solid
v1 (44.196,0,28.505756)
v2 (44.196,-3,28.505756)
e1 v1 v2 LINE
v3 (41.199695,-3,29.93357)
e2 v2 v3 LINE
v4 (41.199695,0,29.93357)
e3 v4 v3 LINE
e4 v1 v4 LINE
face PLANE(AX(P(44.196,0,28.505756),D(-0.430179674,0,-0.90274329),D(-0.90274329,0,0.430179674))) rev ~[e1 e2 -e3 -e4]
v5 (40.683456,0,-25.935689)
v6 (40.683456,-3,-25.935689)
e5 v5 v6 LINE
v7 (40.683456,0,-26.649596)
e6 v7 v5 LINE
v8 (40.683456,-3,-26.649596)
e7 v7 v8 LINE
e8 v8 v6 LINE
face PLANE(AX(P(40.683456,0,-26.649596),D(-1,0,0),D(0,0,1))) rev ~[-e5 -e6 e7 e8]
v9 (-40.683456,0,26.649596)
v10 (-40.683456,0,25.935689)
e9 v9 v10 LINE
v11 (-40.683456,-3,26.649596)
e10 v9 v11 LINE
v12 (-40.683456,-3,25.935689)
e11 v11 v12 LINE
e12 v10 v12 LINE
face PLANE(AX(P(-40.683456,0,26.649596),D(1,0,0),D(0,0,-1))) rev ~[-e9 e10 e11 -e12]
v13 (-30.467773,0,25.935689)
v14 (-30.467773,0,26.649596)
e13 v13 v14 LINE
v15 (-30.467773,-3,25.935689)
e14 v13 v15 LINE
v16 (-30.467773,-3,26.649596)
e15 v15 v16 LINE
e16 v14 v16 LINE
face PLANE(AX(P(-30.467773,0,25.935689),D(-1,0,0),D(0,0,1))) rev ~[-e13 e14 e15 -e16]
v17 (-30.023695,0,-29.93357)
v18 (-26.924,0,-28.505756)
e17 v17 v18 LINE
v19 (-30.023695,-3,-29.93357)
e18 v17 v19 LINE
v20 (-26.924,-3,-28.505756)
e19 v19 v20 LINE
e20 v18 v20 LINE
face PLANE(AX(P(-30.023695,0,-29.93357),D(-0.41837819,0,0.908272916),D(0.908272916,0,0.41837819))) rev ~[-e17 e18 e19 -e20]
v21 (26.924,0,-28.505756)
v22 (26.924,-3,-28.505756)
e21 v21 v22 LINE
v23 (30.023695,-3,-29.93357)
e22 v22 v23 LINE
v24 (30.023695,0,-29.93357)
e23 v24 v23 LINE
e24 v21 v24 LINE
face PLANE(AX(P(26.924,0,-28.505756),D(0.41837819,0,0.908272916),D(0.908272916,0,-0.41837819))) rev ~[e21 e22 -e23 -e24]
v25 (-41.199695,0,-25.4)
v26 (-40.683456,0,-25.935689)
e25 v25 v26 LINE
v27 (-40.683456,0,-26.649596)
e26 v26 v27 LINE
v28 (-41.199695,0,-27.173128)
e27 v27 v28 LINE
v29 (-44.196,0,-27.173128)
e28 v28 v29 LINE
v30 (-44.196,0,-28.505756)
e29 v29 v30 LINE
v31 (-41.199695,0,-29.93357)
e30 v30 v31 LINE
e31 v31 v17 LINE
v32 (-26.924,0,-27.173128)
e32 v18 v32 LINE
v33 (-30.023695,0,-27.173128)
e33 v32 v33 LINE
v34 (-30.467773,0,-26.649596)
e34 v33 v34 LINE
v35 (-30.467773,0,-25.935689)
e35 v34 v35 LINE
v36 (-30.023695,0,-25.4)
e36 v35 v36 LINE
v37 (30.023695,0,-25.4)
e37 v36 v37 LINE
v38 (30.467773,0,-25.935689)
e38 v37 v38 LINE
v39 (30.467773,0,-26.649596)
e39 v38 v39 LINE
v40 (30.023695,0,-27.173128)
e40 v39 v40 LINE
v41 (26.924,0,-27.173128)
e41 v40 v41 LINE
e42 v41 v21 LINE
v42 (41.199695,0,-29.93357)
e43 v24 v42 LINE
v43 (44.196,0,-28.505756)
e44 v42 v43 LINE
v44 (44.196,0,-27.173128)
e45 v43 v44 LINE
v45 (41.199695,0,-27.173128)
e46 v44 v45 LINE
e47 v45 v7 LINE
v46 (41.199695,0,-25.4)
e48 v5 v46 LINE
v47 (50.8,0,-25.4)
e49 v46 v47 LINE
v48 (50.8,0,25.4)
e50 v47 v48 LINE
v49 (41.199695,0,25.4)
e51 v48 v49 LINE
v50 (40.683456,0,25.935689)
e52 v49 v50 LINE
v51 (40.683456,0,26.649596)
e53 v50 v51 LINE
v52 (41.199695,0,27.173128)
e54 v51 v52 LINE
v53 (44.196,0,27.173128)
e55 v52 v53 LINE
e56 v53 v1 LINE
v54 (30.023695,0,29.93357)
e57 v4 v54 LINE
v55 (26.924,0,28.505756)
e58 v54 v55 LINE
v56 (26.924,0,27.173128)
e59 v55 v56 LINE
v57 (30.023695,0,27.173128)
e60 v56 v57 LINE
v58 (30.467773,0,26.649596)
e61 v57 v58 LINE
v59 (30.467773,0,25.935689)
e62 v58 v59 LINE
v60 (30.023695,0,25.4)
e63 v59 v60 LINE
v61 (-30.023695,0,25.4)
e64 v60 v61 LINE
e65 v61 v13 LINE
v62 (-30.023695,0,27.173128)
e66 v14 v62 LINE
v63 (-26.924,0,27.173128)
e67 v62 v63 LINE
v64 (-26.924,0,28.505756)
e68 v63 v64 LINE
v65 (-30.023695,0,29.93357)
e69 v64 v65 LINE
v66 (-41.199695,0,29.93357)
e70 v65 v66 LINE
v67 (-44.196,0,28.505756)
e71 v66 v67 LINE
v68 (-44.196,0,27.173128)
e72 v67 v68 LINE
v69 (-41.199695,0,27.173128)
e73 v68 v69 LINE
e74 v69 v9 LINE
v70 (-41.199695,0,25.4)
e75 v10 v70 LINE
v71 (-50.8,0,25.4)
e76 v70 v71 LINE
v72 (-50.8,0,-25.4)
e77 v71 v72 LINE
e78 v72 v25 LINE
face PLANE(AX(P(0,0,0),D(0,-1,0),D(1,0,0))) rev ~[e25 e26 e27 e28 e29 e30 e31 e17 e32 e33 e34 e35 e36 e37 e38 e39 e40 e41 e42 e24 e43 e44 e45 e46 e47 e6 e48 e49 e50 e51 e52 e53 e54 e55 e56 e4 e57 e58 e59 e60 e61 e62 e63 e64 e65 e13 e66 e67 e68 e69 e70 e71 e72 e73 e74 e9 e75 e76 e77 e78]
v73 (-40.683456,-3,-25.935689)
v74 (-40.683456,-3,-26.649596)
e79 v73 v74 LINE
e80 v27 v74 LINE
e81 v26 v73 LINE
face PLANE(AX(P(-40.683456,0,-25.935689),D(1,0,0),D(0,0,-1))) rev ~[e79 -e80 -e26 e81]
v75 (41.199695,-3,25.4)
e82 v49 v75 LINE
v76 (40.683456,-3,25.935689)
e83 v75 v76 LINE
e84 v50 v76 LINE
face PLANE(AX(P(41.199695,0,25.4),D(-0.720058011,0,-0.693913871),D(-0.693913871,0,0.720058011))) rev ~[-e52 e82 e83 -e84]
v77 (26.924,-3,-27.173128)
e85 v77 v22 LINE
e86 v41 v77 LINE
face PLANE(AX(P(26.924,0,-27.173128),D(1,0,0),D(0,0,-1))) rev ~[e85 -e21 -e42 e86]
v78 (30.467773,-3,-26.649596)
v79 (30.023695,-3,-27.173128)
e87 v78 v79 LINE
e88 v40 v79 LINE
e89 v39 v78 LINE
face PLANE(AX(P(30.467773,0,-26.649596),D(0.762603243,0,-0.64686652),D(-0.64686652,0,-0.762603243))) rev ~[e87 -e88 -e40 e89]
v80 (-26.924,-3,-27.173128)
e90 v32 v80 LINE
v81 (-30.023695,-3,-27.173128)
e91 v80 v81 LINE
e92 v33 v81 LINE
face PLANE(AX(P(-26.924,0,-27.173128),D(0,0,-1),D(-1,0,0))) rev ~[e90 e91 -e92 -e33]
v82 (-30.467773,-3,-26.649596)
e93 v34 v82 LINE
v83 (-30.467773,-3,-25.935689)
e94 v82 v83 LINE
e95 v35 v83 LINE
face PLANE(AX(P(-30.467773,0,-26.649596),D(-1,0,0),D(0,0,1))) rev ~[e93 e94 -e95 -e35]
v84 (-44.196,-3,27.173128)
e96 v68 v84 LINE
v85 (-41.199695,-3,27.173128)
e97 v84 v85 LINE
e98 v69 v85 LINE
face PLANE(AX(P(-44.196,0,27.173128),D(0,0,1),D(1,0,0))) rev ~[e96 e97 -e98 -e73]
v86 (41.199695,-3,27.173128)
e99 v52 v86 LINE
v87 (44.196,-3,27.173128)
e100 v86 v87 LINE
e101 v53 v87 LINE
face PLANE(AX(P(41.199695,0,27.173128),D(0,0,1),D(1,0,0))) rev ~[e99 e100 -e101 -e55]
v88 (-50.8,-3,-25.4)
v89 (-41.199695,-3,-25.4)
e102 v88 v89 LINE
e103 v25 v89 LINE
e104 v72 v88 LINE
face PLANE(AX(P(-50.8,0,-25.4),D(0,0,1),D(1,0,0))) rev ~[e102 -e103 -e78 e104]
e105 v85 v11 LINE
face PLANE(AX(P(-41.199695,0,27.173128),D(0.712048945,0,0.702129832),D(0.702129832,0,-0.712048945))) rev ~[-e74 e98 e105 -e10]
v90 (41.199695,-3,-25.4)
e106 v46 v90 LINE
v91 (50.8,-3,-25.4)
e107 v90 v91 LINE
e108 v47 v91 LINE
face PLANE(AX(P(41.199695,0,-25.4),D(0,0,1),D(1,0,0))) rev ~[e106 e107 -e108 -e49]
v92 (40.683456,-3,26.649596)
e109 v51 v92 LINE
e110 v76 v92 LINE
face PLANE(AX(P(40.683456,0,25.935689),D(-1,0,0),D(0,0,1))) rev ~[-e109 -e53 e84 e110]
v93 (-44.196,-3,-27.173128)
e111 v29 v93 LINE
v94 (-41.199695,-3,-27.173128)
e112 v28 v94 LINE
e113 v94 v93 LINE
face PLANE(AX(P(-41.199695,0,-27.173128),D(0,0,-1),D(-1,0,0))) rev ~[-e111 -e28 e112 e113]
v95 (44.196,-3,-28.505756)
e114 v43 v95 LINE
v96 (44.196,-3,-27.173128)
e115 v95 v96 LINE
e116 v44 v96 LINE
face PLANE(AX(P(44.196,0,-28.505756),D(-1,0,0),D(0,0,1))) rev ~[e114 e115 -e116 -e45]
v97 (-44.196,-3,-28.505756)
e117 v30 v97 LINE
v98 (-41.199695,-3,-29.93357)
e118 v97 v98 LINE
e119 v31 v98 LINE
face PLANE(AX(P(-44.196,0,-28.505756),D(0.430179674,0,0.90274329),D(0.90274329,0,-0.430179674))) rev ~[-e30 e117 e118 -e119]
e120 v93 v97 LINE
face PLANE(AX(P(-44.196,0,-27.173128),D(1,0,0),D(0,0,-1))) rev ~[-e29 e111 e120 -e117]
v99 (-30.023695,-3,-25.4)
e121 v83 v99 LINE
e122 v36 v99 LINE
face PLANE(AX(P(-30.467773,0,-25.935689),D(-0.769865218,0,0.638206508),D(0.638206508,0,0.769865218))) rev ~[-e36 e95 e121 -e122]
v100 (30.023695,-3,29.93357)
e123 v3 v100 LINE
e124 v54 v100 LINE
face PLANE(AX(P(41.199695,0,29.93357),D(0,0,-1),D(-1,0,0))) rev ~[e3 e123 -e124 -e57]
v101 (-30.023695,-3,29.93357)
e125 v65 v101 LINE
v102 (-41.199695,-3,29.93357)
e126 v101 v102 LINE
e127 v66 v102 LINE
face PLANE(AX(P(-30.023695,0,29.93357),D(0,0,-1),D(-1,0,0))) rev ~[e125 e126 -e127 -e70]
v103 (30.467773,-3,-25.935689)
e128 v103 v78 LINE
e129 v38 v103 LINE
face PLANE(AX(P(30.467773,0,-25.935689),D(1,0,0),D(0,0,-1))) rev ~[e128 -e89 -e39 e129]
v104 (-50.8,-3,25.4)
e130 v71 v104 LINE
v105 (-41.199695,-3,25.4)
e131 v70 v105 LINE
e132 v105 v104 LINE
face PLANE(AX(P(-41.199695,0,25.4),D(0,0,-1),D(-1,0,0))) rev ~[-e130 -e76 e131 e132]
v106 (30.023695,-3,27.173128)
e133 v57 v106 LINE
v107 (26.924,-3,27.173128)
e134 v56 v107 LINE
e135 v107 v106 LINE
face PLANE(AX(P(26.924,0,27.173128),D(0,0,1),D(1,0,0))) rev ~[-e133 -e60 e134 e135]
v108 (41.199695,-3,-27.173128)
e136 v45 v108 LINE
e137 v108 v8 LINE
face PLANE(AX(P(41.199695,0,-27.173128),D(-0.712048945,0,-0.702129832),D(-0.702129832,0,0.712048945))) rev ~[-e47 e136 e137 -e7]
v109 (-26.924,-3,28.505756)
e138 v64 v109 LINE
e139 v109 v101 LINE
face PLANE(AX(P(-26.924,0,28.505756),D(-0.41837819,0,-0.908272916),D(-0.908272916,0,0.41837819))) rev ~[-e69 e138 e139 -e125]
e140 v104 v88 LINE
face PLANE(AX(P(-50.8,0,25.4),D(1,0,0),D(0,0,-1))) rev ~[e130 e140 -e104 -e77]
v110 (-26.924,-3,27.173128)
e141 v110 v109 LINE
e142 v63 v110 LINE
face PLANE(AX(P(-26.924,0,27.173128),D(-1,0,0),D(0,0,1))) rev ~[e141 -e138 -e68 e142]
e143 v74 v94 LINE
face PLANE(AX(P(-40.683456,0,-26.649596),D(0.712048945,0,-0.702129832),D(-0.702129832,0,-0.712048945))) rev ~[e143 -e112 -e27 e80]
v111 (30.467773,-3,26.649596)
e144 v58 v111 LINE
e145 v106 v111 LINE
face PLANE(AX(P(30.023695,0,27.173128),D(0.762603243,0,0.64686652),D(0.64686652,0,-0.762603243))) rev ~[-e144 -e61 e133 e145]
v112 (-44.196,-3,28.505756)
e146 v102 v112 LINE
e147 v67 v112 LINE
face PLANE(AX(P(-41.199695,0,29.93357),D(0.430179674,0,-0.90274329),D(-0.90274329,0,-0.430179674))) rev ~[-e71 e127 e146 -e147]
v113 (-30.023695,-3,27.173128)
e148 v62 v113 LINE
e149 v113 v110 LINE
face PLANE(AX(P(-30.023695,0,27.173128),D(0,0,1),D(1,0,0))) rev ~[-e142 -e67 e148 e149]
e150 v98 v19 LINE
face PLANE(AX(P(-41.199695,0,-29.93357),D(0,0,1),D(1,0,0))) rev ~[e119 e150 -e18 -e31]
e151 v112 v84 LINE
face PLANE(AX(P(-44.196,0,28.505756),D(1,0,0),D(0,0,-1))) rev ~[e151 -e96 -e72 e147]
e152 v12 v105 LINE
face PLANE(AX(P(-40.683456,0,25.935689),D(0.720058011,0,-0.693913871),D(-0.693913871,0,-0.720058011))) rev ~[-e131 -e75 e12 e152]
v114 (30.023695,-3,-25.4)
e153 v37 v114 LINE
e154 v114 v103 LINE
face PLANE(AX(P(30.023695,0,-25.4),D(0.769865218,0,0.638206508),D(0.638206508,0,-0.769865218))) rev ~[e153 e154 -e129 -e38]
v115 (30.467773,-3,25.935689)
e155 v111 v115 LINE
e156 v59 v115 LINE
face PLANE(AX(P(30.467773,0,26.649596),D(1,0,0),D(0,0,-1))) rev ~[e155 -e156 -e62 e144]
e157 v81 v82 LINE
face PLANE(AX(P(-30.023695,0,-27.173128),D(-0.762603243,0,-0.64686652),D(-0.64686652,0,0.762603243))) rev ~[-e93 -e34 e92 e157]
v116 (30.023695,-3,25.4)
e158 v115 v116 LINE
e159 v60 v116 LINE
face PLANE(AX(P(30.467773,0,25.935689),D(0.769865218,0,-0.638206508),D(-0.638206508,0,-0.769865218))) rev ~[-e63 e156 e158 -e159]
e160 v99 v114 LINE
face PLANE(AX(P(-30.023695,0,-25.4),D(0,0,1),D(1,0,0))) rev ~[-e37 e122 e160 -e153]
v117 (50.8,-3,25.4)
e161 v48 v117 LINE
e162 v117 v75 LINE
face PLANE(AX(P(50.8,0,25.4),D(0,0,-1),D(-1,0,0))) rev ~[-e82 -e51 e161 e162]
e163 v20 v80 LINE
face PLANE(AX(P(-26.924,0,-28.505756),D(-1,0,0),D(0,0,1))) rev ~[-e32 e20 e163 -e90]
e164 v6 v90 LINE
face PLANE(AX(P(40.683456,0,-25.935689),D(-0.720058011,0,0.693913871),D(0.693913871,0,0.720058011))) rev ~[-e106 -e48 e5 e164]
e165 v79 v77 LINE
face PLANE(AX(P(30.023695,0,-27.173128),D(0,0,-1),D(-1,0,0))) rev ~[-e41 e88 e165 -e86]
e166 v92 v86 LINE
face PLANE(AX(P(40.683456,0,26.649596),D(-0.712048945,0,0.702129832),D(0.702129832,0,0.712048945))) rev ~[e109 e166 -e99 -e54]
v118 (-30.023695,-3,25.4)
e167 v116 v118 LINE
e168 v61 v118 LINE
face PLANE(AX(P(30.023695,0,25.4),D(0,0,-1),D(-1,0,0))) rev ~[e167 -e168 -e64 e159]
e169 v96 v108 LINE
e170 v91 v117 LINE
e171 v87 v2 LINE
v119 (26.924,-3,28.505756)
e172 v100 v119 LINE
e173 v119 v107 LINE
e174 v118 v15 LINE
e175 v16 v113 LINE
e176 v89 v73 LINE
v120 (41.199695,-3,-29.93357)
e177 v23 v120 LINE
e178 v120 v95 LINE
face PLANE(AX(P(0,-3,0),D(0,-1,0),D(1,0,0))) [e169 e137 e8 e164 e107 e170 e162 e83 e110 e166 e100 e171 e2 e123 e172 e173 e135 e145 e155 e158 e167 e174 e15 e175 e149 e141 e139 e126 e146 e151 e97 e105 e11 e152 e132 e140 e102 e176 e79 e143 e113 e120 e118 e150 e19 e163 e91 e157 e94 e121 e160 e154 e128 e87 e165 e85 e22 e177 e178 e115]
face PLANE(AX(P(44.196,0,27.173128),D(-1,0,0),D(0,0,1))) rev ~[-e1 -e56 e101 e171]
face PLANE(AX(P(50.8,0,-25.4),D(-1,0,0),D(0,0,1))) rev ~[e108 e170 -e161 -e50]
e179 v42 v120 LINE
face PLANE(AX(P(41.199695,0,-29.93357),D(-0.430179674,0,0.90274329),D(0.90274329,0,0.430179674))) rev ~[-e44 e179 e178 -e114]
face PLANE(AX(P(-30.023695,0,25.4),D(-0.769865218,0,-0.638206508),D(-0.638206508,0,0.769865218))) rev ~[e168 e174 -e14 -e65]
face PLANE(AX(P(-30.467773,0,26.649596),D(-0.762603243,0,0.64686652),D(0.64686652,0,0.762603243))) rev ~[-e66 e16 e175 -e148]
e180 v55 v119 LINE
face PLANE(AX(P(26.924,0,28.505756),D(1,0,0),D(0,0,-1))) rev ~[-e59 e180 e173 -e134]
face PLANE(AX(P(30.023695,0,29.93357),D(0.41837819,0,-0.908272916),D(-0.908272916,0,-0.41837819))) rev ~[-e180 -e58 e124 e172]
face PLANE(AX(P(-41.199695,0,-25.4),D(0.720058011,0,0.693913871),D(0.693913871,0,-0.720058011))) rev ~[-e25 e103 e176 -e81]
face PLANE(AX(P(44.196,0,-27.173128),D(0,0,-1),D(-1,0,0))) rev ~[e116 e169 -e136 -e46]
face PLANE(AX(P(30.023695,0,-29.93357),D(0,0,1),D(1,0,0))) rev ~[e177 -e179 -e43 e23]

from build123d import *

# Parameters (mm, degrees)
F1_DEPTH = 3


with BuildPart() as f1:
    # F0 (on Front) → F1 (new body)
    with BuildSketch(Plane.XZ):
        Polygon((41.199695, -25.4), (50.8, -25.4), (50.8, 25.4), (41.199695, 25.4), (30.023695, 25.4), (-30.023695, 25.4), (-41.199695, 25.4), (-50.8, 25.4), (-50.8, -25.4), (-41.199695, -25.4), (-30.023695, -25.4), (30.023695, -25.4), align=None)
        Polygon((-41.199695, 25.4), (-30.023695, 25.4), (-30.467773, 25.935689), (-30.467773, 26.649596), (-30.023695, 27.173128), (-26.924, 27.173128), (-26.924, 28.505756), (-30.023695, 29.93357), (-41.199695, 29.93357), (-44.196, 28.505756), (-44.196, 27.173128), (-41.199695, 27.173128), (-40.683456, 26.649596), (-40.683456, 25.935689), align=None)
        Polygon((30.023695, 25.4), (41.199695, 25.4), (40.683456, 25.935689), (40.683456, 26.649596), (41.199695, 27.173128), (44.196, 27.173128), (44.196, 28.505756), (41.199695, 29.93357), (30.023695, 29.93357), (26.924, 28.505756), (26.924, 27.173128), (30.023695, 27.173128), (30.467773, 26.649596), (30.467773, 25.935689), align=None)
        Polygon((40.683456, -25.935689), (41.199695, -25.4), (30.023695, -25.4), (30.467773, -25.935689), (30.467773, -26.649596), (30.023695, -27.173128), (26.924, -27.173128), (26.924, -28.505756), (30.023695, -29.93357), (41.199695, -29.93357), (44.196, -28.505756), (44.196, -27.173128), (41.199695, -27.173128), (40.683456, -26.649596), align=None)
        Polygon((-30.467773, -25.935689), (-30.023695, -25.4), (-41.199695, -25.4), (-40.683456, -25.935689), (-40.683456, -26.649596), (-41.199695, -27.173128), (-44.196, -27.173128), (-44.196, -28.505756), (-41.199695, -29.93357), (-30.023695, -29.93357), (-26.924, -28.505756), (-26.924, -27.173128), (-30.023695, -27.173128), (-30.467773, -26.649596), align=None)
    extrude(amount=F1_DEPTH)


solid = f1.part
